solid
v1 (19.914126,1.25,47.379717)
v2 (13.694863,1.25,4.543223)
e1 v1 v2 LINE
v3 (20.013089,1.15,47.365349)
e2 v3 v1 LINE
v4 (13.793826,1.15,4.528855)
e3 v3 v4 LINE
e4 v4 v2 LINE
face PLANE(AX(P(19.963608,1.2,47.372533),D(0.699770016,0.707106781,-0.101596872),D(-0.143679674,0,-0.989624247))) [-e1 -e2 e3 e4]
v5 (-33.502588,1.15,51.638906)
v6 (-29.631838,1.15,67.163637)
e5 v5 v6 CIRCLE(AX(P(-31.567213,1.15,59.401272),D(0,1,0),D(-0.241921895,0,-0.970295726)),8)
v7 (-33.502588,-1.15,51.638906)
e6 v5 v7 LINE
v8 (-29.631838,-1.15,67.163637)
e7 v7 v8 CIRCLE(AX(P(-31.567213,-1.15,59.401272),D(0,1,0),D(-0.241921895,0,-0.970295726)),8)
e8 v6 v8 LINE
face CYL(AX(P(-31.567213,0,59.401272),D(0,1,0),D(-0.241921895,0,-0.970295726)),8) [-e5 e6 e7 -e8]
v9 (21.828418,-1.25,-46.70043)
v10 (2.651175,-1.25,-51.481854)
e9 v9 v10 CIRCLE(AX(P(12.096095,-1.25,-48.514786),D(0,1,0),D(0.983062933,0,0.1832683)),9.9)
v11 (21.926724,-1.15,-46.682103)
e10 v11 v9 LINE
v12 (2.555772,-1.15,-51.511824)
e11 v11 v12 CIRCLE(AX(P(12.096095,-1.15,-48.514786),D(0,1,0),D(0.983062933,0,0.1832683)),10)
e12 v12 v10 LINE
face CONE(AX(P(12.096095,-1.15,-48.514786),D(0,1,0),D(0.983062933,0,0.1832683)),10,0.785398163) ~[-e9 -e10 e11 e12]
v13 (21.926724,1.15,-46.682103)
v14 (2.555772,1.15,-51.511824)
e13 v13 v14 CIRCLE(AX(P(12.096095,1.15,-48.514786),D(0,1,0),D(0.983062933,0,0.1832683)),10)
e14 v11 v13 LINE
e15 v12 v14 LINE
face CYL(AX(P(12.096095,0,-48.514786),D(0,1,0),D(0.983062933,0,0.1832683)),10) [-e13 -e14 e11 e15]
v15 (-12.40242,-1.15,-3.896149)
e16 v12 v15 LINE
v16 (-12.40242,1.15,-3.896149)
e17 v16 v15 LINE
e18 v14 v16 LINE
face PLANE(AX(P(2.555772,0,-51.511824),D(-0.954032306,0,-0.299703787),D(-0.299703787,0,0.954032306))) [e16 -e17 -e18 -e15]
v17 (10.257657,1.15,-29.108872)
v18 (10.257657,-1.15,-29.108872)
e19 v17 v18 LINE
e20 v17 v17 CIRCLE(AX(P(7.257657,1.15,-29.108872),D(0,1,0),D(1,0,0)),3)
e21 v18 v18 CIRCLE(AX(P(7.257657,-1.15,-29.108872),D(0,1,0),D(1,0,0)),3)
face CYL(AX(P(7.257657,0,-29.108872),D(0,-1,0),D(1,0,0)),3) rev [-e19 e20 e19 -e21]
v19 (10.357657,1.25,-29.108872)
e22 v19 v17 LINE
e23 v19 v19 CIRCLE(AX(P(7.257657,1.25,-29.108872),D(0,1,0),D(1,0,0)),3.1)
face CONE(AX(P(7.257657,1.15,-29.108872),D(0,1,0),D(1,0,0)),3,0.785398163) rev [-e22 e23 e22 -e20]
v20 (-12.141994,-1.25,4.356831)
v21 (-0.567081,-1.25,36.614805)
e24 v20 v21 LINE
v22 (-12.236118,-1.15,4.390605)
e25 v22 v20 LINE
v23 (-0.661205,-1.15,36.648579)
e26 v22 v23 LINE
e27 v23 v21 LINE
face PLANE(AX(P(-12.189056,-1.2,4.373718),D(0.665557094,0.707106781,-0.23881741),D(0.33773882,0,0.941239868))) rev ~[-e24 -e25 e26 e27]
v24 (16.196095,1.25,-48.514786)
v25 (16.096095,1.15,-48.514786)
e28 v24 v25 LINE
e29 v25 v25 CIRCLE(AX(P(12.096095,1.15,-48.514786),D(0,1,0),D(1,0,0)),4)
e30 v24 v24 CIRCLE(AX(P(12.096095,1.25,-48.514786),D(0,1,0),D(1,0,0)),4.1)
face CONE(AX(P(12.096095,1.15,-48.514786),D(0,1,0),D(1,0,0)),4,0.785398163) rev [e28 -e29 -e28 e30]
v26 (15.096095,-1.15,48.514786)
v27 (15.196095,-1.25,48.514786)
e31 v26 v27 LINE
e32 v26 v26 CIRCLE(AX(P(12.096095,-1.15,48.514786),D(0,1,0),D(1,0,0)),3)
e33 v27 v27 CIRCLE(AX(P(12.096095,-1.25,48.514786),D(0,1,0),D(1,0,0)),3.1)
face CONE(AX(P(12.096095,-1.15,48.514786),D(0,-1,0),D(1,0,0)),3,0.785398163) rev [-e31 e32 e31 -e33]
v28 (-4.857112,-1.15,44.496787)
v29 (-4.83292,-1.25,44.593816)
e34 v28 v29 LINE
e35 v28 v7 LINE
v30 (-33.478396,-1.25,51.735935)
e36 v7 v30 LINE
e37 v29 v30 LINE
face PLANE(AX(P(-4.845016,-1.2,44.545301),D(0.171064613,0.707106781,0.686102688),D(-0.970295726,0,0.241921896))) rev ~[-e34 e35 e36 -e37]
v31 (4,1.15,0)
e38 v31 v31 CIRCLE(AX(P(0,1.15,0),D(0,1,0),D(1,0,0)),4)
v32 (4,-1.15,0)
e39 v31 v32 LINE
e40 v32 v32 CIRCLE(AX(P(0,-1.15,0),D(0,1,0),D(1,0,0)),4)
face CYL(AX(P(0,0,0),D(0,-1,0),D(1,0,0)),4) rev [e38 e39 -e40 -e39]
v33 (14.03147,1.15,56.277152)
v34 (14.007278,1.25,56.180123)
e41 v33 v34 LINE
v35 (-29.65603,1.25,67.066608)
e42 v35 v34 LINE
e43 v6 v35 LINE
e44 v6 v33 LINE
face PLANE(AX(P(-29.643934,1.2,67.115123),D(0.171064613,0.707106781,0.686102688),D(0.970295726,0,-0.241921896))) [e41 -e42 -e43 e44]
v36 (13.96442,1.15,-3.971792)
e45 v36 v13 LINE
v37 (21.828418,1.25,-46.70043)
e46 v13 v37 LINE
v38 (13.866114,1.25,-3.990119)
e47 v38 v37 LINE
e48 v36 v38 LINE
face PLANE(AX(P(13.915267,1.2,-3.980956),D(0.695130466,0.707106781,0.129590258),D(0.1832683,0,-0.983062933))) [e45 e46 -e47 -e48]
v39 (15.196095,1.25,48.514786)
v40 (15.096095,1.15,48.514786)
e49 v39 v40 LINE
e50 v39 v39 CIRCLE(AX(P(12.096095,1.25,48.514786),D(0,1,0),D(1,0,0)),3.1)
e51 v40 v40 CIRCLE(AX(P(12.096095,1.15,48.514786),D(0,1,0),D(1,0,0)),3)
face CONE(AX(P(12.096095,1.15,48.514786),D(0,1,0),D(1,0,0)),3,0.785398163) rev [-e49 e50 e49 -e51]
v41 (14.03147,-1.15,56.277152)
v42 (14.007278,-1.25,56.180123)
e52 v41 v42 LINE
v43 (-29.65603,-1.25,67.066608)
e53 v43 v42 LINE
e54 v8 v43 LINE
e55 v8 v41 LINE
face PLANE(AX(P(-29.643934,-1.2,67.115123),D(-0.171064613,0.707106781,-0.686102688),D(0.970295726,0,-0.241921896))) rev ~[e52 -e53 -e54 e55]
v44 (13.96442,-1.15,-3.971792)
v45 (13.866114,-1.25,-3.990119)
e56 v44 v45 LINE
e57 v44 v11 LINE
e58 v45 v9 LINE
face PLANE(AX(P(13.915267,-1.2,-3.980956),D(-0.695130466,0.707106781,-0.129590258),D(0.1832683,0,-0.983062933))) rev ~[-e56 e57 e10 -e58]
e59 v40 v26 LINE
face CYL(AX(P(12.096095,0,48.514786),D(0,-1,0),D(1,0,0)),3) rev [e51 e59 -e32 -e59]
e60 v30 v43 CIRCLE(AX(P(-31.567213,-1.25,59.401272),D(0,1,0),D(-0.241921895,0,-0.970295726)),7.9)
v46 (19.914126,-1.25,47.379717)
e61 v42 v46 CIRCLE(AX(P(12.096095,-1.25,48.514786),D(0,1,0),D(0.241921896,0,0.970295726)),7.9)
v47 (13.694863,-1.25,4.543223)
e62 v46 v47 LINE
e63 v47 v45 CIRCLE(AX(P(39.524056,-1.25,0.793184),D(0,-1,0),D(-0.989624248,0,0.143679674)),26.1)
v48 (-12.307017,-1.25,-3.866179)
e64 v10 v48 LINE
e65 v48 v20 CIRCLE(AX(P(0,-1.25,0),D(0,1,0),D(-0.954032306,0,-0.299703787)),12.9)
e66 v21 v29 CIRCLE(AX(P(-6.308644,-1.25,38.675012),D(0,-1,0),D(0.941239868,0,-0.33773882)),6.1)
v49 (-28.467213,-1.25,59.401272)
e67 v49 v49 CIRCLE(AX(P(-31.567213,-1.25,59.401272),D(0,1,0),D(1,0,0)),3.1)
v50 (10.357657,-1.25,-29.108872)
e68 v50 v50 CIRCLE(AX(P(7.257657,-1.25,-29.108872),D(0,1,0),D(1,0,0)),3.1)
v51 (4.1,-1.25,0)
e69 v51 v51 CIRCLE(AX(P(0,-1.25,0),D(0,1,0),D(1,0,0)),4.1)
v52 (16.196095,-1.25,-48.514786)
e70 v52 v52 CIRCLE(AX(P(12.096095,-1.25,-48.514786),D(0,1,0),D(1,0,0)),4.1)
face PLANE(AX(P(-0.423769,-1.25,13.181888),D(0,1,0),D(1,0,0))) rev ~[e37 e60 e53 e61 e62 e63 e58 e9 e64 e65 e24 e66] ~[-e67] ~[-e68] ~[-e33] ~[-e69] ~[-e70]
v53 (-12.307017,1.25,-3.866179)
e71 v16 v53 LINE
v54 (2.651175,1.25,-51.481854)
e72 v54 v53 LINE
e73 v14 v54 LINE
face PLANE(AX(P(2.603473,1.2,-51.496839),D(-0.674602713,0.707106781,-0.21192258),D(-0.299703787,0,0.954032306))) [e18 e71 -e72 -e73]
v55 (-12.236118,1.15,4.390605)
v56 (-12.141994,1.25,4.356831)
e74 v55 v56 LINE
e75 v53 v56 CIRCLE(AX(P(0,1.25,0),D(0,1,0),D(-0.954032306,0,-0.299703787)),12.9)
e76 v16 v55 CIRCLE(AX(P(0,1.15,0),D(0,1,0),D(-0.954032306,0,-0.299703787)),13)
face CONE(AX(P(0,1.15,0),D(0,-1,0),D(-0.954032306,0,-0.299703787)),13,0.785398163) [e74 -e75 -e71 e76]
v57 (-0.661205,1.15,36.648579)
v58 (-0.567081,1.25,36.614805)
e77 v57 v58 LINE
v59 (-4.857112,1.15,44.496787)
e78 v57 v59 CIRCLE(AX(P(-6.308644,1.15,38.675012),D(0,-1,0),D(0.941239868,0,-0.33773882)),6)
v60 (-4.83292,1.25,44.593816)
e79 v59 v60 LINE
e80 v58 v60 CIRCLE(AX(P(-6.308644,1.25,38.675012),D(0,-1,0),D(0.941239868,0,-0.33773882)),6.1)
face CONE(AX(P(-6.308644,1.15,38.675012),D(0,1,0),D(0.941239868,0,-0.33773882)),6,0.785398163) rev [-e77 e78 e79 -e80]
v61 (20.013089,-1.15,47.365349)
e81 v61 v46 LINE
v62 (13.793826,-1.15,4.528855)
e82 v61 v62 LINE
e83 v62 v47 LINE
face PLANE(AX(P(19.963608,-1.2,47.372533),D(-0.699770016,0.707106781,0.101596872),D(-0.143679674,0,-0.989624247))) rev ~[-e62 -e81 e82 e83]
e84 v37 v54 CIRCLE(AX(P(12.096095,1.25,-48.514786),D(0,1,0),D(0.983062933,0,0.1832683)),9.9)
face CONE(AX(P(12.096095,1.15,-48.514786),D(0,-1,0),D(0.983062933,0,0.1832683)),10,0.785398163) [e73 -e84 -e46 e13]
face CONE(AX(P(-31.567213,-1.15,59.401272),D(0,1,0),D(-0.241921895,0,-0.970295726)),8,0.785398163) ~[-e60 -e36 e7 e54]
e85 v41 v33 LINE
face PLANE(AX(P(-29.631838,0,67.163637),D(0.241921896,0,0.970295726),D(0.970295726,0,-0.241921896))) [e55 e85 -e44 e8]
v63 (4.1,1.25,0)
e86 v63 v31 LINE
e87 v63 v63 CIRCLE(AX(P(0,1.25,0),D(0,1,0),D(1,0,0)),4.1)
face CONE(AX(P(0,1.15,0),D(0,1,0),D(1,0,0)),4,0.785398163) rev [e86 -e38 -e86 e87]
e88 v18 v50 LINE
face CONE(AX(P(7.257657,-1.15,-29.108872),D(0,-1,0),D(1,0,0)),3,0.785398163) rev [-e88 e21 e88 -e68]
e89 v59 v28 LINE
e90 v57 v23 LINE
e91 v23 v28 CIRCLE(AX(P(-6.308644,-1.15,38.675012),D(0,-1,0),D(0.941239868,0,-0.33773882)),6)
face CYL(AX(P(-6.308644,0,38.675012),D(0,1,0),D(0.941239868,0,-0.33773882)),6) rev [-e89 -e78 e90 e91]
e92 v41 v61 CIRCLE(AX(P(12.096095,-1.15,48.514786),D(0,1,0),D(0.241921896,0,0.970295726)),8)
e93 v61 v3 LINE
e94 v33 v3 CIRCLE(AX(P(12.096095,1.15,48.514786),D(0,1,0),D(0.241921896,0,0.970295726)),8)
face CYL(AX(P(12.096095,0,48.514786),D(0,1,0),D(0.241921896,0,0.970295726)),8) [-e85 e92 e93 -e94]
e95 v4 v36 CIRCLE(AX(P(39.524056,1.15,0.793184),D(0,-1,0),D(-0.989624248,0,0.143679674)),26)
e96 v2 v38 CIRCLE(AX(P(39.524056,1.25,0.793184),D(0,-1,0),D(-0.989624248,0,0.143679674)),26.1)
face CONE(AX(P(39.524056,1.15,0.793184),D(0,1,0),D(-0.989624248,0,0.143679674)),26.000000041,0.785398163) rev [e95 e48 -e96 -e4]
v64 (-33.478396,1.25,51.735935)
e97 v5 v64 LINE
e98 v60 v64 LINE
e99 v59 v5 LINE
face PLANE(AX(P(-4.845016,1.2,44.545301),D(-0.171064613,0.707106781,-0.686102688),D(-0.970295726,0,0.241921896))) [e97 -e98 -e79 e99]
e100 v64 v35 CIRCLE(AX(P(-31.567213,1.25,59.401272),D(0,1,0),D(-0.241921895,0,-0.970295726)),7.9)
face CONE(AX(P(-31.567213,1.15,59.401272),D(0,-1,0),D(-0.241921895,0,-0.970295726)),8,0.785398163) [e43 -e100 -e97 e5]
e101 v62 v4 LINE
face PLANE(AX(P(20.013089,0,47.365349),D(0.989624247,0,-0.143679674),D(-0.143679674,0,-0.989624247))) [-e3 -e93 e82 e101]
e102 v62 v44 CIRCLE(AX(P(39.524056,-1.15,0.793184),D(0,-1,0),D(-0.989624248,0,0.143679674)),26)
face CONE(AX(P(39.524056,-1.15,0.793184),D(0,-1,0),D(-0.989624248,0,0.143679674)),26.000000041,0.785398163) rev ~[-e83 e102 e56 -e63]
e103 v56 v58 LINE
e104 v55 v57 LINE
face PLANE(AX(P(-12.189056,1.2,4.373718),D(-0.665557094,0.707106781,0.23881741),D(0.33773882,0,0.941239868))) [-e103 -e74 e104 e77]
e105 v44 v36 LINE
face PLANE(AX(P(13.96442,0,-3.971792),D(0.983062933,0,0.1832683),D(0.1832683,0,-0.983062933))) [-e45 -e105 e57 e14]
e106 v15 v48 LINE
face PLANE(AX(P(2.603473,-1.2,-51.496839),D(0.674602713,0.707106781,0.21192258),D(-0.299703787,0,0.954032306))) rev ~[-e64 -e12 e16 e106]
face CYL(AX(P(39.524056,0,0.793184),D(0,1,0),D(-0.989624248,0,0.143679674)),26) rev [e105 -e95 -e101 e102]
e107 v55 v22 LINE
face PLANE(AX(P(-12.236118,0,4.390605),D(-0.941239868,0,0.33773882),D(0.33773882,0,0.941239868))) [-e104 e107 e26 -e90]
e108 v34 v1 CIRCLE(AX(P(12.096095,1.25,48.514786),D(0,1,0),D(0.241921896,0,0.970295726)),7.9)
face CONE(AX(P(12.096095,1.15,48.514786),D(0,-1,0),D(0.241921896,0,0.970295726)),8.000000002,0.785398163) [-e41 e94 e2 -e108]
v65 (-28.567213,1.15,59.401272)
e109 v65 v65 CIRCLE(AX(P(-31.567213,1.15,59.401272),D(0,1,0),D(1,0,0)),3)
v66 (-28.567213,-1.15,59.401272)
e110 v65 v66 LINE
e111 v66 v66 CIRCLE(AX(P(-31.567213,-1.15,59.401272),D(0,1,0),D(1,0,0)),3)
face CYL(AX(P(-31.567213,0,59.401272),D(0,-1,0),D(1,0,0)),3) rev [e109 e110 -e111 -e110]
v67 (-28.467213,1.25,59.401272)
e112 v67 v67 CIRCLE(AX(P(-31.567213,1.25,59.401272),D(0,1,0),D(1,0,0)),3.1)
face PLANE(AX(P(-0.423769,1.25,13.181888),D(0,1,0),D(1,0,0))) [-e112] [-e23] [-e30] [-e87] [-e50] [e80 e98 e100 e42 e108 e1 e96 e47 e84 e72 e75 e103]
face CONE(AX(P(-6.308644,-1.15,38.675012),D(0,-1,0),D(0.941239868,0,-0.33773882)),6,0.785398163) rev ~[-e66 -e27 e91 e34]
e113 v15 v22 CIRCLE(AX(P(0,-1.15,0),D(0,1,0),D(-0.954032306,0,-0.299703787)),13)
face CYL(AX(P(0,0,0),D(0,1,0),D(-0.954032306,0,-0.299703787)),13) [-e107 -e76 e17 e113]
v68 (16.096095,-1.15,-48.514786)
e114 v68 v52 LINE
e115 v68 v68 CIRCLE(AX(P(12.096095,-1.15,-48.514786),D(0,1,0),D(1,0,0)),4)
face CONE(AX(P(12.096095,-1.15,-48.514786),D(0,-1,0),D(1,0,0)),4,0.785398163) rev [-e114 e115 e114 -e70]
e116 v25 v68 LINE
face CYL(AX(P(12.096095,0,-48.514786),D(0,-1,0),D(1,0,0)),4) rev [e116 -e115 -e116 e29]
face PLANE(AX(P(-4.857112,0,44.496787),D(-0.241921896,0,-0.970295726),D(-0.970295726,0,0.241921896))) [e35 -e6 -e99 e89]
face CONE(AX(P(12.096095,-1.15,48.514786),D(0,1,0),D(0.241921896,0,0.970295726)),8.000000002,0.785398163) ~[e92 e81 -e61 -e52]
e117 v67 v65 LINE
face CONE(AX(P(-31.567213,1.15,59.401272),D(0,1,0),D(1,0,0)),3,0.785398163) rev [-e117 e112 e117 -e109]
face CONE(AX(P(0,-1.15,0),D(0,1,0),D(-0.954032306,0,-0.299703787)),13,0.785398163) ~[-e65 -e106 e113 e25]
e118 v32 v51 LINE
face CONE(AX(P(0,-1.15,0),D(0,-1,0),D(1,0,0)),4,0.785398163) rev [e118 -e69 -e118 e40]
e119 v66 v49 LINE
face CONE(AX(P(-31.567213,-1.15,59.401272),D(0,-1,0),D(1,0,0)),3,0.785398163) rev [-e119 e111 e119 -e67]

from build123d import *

# Parameters (mm, degrees)
SKETCH1_R           = 4
SKETCH1_R_2         = 3
BOSS_EXTRUDE1_DEPTH = 1.25
CHAMFER1_SIZE       = 0.1


with BuildPart() as part:
    # Sketch1 → Boss-Extrude1 (new body, symmetric)
    with BuildSketch(Plane(origin=(0, 0, 0), x_dir=(1, 0, 0), z_dir=(0, 1, 0))):
        with BuildLine():
            Line((-29.631837738, -67.163637426), (14.031469945, -56.277152124))
            ThreePointArc((14.031469945, -56.277152124), (18.738560702, -52.973221742), (20.01308876, -47.36534892))
            Line((20.01308876, -47.36534892), (13.793825748, -4.528855104))
            ThreePointArc((13.793825748, -4.528855104), (13.529290218, -0.271510867), (13.964419925, 3.971792226))
            Line((13.964419925, 3.971792226), (21.92672411, 46.682103314))
            ThreePointArc((21.92672411, 46.682103314), (14.515313736, 58.217743577), (2.555771725, 51.511824185))
            Line((2.555771725, 51.511824185), (-12.402419972, 3.896149233))
            ThreePointArc((-12.402419972, 3.896149233), (-12.997382983, -0.260836353), (-12.236118289, -4.390604654))
            Line((-12.236118289, -4.390604654), (-0.66120456, -36.648579291))
            ThreePointArc((-0.66120456, -36.648579291), (-1.017383505, -41.503892695), (-4.857112397, -44.496786566))
            Line((-4.857112397, -44.496786566), (-33.502588067, -51.638905806))
            ThreePointArc((-33.502588067, -51.638905806), (-39.329578713, -61.336646781), (-29.631837738, -67.163637426))
        make_face()
        Circle(SKETCH1_R, mode=Mode.SUBTRACT)
        with Locations((12.09609478, 48.514786314)):
            Circle(SKETCH1_R, mode=Mode.SUBTRACT)
        with Locations((7.257656868, 29.108871788)):
            Circle(SKETCH1_R_2, mode=Mode.SUBTRACT)
        with Locations((12.09609478, -48.514786314)):
            Circle(SKETCH1_R_2, mode=Mode.SUBTRACT)
        with Locations((-31.567212902, -59.401271616)):
            Circle(SKETCH1_R_2, mode=Mode.SUBTRACT)
    extrude(amount=BOSS_EXTRUDE1_DEPTH, both=True)

    # Chamfer1
    chamfer1_edges = [part.edges().sort_by_distance(p)[0] for p in [
        (-39.329578713, 1.25, 61.336646781),
        (-6.448661425, -1.25, 20.519591973),
        (-12.997382983, -1.25, 0.260836353),
        (-4.923324123, -1.25, -27.703986709),
        (14.515313736, -1.25, -58.217743577),
        (17.945572018, -1.25, -25.32694777),
        (13.529290218, -1.25, 0.271510867),
        (-7.800183896, 1.25, 61.720394775),
        (16.903457254, -1.25, 25.947102012),
        (18.738560702, -1.25, 52.973221742),
        (-7.800183896, -1.25, 61.720394775),
        (-39.329578713, -1.25, 61.336646781),
        (-19.179850232, -1.25, 48.067846186),
        (-1.017383505, -1.25, 41.503892695),
        (18.738560702, 1.25, 52.973221742),
        (16.903457254, 1.25, 25.947102012),
        (13.529290218, 1.25, 0.271510867),
        (17.945572018, 1.25, -25.32694777),
        (14.515313736, 1.25, -58.217743577),
        (-4, -1.25, 0),
        (-4, 1.25, 0),
        (-4.923324123, 1.25, -27.703986709),
        (8.09609478, -1.25, -48.514786314),
        (8.09609478, 1.25, -48.514786314),
        (-12.997382983, 1.25, 0.260836353),
        (-6.448661425, 1.25, 20.519591973),
        (4.257656868, -1.25, -29.108871788),
        (4.257656868, 1.25, -29.108871788),
        (-1.017383505, 1.25, 41.503892695),
        (9.09609478, -1.25, 48.514786314),
        (9.09609478, 1.25, 48.514786314),
        (-34.567212902, -1.25, 59.401271616),
        (-34.567212902, 1.25, 59.401271616),
        (-19.179850232, 1.25, 48.067846186),
    ]]
    chamfer(chamfer1_edges, length=CHAMFER1_SIZE)


solid = part.part
